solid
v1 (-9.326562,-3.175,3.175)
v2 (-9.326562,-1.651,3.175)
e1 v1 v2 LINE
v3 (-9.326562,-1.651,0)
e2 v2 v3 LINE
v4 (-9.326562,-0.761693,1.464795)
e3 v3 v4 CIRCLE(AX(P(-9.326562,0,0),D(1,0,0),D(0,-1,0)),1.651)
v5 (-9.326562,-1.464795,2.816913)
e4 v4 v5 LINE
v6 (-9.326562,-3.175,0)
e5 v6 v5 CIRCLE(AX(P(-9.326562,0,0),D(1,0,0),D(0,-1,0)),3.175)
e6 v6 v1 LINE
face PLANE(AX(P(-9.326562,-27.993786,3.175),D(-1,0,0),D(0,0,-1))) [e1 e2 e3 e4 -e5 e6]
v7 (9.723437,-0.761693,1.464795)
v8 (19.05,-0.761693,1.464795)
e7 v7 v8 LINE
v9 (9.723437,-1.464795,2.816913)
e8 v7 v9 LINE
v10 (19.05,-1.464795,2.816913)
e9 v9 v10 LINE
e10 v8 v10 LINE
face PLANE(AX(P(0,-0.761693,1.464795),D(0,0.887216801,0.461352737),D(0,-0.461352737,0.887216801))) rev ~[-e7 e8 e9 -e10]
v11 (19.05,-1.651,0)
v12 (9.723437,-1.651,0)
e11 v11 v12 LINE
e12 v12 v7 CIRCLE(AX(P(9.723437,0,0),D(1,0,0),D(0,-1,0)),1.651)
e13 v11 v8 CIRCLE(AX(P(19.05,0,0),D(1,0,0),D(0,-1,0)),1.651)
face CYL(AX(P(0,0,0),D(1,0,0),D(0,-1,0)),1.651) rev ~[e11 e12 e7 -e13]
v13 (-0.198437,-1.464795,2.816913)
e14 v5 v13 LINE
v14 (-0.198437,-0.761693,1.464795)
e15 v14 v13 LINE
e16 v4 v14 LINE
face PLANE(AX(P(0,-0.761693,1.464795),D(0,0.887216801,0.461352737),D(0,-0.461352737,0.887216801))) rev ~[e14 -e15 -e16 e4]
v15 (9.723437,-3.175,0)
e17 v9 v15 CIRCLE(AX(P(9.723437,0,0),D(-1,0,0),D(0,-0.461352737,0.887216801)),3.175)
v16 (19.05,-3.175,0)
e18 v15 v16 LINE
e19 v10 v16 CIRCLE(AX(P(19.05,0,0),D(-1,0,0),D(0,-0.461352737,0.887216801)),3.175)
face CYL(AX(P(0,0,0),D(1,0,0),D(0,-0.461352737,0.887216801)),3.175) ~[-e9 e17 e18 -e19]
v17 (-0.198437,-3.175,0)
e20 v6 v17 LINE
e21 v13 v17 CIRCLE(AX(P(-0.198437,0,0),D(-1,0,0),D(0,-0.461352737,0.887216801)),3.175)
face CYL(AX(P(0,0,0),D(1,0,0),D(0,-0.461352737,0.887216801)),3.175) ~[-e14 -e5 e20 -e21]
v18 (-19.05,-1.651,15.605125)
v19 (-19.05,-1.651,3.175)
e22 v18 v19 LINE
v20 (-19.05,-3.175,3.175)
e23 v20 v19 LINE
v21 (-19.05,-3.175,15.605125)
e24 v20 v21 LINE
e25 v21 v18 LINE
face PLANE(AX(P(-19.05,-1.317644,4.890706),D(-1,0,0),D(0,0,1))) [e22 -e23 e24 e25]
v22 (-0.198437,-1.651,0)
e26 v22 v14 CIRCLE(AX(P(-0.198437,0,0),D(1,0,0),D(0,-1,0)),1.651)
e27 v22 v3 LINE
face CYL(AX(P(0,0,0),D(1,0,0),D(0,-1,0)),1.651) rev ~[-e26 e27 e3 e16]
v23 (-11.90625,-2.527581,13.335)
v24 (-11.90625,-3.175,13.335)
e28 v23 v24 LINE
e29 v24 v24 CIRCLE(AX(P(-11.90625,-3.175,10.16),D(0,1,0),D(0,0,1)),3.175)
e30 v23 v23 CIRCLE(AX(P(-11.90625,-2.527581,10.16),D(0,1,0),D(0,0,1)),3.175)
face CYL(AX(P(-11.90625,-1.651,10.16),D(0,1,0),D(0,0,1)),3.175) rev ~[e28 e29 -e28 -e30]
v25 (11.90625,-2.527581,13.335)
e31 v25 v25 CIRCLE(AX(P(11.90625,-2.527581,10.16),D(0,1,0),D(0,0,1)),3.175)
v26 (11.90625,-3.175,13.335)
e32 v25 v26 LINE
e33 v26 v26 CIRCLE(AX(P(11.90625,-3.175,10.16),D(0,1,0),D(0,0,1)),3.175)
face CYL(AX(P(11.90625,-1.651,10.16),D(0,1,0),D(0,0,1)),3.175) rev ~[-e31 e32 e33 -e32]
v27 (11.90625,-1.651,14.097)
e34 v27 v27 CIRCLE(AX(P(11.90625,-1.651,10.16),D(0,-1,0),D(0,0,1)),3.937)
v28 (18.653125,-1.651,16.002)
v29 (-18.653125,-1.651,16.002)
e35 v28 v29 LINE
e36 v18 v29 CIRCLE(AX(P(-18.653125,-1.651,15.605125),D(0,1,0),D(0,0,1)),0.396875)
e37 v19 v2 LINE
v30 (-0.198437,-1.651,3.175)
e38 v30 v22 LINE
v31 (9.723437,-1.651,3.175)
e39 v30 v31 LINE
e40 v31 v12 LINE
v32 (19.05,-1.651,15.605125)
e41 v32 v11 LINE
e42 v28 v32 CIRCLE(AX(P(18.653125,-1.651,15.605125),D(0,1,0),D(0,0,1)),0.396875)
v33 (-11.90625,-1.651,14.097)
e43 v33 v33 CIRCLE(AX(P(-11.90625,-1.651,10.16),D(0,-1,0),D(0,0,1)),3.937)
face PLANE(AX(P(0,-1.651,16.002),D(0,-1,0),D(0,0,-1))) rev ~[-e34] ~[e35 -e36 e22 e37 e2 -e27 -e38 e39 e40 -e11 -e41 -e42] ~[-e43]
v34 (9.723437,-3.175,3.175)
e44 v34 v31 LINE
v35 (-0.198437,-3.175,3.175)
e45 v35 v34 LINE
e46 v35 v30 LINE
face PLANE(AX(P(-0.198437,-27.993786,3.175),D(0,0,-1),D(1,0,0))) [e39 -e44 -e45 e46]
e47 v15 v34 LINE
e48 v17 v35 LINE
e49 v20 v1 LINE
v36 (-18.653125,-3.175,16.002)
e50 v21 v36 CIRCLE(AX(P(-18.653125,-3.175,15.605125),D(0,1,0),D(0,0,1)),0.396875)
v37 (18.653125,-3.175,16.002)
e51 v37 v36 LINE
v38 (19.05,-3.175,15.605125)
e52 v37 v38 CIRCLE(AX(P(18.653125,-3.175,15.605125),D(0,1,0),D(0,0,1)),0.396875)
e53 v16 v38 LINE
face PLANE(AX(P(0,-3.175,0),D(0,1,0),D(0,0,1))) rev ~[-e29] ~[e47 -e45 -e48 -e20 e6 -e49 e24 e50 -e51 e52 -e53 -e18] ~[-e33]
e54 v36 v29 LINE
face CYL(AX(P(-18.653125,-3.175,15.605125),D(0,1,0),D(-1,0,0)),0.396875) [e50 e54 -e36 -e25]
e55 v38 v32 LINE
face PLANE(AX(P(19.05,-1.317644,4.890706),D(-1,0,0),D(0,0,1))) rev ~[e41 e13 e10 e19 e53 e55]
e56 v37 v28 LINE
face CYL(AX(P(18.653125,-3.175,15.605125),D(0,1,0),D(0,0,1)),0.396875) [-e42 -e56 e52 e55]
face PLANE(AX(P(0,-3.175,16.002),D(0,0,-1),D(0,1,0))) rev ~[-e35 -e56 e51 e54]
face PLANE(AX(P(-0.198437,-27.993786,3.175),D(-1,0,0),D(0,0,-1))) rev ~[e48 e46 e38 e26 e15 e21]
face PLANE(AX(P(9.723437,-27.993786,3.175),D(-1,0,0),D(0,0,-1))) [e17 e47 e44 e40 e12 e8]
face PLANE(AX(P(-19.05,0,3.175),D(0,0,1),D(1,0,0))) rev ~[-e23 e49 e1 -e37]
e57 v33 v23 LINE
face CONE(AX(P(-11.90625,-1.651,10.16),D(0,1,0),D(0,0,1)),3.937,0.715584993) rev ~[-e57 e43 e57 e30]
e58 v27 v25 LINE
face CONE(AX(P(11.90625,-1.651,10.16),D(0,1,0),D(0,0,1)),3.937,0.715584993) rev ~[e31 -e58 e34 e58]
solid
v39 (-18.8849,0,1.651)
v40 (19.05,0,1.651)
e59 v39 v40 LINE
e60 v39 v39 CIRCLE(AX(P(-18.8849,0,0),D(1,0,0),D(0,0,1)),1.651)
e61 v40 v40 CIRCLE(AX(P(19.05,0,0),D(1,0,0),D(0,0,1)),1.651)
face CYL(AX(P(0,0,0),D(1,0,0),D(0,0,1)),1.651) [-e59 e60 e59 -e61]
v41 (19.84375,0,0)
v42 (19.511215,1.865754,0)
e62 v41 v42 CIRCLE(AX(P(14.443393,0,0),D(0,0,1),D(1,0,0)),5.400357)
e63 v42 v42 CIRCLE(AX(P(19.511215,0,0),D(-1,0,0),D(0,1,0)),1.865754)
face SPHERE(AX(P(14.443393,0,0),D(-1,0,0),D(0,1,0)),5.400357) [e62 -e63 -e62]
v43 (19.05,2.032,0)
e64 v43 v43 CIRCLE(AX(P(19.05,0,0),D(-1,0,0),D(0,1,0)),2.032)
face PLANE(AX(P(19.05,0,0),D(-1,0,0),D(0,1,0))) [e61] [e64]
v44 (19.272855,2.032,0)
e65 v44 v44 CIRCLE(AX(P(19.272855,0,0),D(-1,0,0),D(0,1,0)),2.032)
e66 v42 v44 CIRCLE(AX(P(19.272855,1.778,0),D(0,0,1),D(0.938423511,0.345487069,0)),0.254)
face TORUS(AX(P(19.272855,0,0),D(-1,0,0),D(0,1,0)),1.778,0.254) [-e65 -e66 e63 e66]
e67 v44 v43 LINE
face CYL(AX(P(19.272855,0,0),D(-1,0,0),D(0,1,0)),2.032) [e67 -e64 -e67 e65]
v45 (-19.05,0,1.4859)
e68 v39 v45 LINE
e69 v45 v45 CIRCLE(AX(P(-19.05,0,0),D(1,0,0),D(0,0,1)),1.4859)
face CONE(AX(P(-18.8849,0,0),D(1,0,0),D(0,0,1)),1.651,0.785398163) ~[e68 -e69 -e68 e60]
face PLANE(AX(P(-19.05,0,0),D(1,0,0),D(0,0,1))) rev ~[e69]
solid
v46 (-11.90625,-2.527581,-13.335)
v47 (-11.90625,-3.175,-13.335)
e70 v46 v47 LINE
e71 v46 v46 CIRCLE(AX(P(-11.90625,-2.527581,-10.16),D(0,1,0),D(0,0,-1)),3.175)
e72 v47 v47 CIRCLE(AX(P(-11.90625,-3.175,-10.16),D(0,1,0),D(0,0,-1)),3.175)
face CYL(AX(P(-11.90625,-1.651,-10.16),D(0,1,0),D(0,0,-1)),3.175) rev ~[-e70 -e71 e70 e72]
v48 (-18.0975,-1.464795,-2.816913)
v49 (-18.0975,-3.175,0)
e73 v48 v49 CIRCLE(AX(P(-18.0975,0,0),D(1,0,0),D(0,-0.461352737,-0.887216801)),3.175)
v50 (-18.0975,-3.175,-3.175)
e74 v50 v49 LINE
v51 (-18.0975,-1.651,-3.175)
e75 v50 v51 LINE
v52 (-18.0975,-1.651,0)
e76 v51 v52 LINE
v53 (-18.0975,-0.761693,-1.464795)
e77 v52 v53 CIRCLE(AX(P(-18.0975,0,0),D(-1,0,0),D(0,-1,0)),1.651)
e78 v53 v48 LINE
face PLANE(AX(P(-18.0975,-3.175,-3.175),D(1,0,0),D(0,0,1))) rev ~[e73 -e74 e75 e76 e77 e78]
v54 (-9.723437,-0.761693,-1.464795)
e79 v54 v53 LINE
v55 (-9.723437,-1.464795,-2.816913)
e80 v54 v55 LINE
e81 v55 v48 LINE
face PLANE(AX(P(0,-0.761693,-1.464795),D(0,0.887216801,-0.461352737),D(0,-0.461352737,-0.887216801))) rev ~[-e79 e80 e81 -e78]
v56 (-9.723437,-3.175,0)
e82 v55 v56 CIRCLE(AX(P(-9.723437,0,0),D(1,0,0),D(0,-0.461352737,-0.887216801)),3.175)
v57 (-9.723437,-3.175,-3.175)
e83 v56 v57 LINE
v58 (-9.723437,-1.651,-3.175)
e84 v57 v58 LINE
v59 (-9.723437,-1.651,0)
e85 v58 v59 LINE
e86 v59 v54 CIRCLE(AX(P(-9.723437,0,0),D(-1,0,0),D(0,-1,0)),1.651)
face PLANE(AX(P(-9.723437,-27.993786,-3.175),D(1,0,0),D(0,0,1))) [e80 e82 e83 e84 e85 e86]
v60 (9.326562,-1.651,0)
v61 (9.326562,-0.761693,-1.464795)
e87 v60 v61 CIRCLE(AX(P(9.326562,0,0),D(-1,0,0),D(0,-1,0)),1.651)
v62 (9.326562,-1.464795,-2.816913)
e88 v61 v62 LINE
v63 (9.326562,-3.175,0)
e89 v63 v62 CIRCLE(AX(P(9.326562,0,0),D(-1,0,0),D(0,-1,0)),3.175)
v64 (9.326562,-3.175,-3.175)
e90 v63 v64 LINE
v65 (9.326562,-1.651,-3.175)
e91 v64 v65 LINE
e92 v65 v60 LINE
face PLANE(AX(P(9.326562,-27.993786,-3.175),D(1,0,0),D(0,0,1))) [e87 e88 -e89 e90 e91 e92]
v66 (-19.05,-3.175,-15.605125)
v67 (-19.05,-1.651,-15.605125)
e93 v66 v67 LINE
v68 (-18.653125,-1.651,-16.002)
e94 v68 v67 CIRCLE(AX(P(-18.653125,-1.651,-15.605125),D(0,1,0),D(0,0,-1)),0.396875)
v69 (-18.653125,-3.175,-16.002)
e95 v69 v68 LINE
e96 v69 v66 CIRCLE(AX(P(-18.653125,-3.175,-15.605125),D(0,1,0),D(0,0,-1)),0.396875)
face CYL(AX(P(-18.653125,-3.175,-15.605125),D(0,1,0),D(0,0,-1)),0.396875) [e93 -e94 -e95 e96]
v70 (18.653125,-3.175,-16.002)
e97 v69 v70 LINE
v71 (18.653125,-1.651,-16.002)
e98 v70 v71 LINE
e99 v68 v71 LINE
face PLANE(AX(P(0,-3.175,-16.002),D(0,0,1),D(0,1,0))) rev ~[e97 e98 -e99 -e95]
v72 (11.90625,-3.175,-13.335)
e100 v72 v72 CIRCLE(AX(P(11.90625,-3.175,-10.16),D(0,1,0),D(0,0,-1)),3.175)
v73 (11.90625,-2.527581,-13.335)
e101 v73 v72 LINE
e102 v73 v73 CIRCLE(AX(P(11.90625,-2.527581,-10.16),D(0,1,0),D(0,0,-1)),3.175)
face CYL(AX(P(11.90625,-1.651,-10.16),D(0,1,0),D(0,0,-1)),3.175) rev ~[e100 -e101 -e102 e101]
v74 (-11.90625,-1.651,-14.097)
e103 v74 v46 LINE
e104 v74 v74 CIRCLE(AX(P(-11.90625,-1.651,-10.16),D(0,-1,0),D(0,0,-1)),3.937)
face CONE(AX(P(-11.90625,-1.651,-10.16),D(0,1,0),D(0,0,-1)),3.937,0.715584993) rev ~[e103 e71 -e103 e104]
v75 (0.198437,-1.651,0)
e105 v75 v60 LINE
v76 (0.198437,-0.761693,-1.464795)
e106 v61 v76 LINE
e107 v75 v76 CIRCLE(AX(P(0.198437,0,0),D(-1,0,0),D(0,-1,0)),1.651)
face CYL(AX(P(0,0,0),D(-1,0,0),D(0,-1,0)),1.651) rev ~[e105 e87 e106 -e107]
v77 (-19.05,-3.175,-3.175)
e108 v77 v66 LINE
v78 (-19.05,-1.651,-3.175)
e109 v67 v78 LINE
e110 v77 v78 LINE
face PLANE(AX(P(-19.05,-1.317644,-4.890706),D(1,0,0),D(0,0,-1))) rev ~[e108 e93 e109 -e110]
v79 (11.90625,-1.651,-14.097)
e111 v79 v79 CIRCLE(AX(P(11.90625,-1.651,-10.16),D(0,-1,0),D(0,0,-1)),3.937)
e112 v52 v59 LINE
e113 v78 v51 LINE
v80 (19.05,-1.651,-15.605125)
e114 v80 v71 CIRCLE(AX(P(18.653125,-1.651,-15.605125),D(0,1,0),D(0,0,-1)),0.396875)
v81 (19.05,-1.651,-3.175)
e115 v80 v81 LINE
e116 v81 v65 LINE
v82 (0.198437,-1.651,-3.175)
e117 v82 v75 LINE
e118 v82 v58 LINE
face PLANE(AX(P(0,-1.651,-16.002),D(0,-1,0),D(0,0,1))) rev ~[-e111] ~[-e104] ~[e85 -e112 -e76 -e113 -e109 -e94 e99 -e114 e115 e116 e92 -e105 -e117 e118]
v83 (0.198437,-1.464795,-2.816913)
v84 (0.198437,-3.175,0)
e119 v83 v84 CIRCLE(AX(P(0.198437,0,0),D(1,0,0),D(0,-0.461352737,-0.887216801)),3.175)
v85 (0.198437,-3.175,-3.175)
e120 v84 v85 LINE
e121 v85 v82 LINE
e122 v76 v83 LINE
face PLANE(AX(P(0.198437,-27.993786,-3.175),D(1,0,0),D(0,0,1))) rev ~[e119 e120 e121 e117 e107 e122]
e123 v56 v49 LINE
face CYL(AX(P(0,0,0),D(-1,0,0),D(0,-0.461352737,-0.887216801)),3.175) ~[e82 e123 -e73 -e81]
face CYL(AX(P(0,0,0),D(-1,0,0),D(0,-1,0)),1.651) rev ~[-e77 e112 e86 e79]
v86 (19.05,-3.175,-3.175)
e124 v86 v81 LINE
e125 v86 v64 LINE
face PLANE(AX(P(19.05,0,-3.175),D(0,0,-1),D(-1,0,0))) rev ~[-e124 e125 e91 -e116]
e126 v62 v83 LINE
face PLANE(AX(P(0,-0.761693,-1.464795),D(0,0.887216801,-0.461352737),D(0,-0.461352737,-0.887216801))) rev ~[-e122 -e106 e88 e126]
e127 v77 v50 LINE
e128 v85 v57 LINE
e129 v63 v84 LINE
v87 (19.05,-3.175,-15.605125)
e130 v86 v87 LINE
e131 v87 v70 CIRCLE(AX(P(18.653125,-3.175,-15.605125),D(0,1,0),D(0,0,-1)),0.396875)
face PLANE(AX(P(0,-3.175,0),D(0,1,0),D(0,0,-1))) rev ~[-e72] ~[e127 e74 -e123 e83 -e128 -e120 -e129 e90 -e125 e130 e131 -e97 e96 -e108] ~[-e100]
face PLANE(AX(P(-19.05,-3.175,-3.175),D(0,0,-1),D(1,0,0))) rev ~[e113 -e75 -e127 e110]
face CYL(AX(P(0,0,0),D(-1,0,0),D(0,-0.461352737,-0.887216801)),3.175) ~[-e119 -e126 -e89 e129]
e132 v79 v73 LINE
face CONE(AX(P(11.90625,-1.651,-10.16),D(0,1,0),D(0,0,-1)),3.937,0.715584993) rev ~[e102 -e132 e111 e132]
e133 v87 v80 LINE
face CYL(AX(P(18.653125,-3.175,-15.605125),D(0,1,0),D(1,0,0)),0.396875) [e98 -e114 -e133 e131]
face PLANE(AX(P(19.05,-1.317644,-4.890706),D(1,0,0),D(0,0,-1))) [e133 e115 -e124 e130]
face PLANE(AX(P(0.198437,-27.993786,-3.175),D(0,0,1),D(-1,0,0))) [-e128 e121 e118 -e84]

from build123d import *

# Parameters (mm, degrees)
BOSS_EXTRUDE1_DEPTH     = 19.05
SKETCH4_W               = 9.525
SKETCH4_H               = 6.35
CUT_EXTRUDE1_DEPTH      = 26.080811969
LPATTERN1_COUNT         = 2
LPATTERN1_PITCH         = 19.05
CUT_EXTRUDE2_DEPTH      = 26.342785561
CUT_EXTRUDE2_DEPTH_BACK = 26.342785561
SKETCH5_W               = 0.1984375
SKETCH5_H               = 6.35
SKETCH6_R               = 3.175
CUT_EXTRUDE3_DEPTH      = 26.342785561
FILLET1_R               = 0.396875
CIRPATTERN1_COUNT       = 2
SKETCH8_R               = 1.651
BOSS_EXTRUDE2_DEPTH     = 19.05
SKETCH10_W              = 0.9525
SKETCH10_H              = 6.35
CUT_EXTRUDE5_DEPTH      = 27.270913918
CHAMFER1_SIZE           = 0.1651


with BuildPart() as part:
    # Sketch3 → Boss-Extrude1 (new, symmetric)
    with BuildSketch(Plane(origin=(0, 0, 0), x_dir=(0, 0, -1), z_dir=(1, 0, 0))):
        with BuildLine():
            Line((0, -3.175), (-16.002, -3.175))
            Line((-16.002, -3.175), (-16.002, -1.651))
            Line((-16.002, -1.651), (0, -1.651))
            ThreePointArc((0, -1.651), (0.856809561, 1.411268357), (-1.464794939, -0.761693368))
            Line((-1.464794939, -0.761693368), (-2.816913344, -1.464794939))
            ThreePointArc((-2.816913344, -1.464794939), (1.647710695, 2.71397761), (0, -3.175))
        make_face()
    extrude(amount=BOSS_EXTRUDE1_DEPTH, both=True)

    # Sketch4 → Cut-Extrude1 (cut, symmetric)
    with BuildSketch(Plane(origin=(0, 0, 0), x_dir=(1, 0, 0), z_dir=(0, 1, 0))):
        with Locations((4.7625, 0)):
            Rectangle(SKETCH4_W, SKETCH4_H)
    cut_extrude1 = extrude(amount=CUT_EXTRUDE1_DEPTH, both=True, mode=Mode.SUBTRACT)

    # LPattern1: Cut-Extrude1 ×2
    with Locations(*[(-i * LPATTERN1_PITCH, 0, 0) for i in range(1, LPATTERN1_COUNT)]):
        add(cut_extrude1, mode=Mode.SUBTRACT)

    # Sketch5 → Cut-Extrude2 (cut, two sides: drawn at the far end of the back side and taken through both)
    with BuildSketch(Plane(origin=(0, -1.651, 0), x_dir=(1, 0, 0), z_dir=(0, 1, 0)).offset(-CUT_EXTRUDE2_DEPTH_BACK)):
        with Locations((-9.42578125, 0)):
            Rectangle(SKETCH5_W, SKETCH5_H)
        with Locations((-0.09921875, 0)):
            Rectangle(SKETCH5_W, SKETCH5_H)
        with Locations((9.62421875, 0)):
            Rectangle(SKETCH5_W, SKETCH5_H)
    extrude(amount=CUT_EXTRUDE2_DEPTH + CUT_EXTRUDE2_DEPTH_BACK, mode=Mode.SUBTRACT)

    # Sketch6 → Cut-Extrude3 (cut, through all)
    with BuildSketch(Plane(origin=(0, -1.651, 0), x_dir=(1, 0, 0), z_dir=(0, 1, 0))):
        with Locations(Location((11.90625, -10.16, 0), (0, 0, 270))):
            Circle(SKETCH6_R)
        with Locations(Location((-11.90625, -10.16, 0), (0, 0, 270))):
            Circle(SKETCH6_R)
    extrude(amount=-CUT_EXTRUDE3_DEPTH, mode=Mode.SUBTRACT)

    # Cut-Extrude4 cone 1 section (through the dimple's axis) → Cut-Extrude4 (revolve, cut)
    with BuildSketch(Plane(origin=(-11.90625, -1.651, 10.16), x_dir=(0, 0, 1), z_dir=(1, 0, 0))):
        Polygon((0, 0), (3.937, 0), (0, 4.529000419), align=None)
    revolve(axis=Axis((-11.90625, -1.651, 10.16), (0, -1, 0)), mode=Mode.SUBTRACT)

    # Cut-Extrude4 cone 2 section (through the dimple's axis) → Cut-Extrude4 cone 2 (revolve, cut)
    with BuildSketch(Plane(origin=(11.90625, -1.651, 10.16), x_dir=(0, 0, 1), z_dir=(1, 0, 0))):
        Polygon((0, 0), (3.937, 0), (0, 4.529000419), align=None)
    revolve(axis=Axis((11.90625, -1.651, 10.16), (0, -1, 0)), mode=Mode.SUBTRACT)

    # Fillet1
    fillet1_edges = [part.edges().sort_by_distance(p)[0] for p in [
        (19.05, -2.413, 16.002),
        (-19.05, -2.413, 16.002),
    ]]
    fillet(fillet1_edges, radius=FILLET1_R)


with BuildPart() as cirpattern1_1:
    # CirPattern1: pattern copy
    add(part.part.rotate(Axis((0, 0, 0), (0, 1, 0)), 1 * 360 / CIRPATTERN1_COUNT))

    # Sketch10 → Cut-Extrude5 (cut, through all)
    with BuildSketch(Plane.XZ.offset(3.175)):
        with Locations((-18.57375, 0)):
            Rectangle(SKETCH10_W, SKETCH10_H)
    extrude(amount=-CUT_EXTRUDE5_DEPTH, mode=Mode.SUBTRACT)


with BuildPart() as body_3:
    # Sketch8 → Boss-Extrude2 (new, symmetric)
    with BuildSketch(Plane(origin=(0, 0, 0), x_dir=(0, 0, -1), z_dir=(1, 0, 0))):
        with Locations(Location((0, 0, 0), (0, 0, 180))):
            Circle(SKETCH8_R)
    extrude(amount=BOSS_EXTRUDE2_DEPTH, both=True)

    # Sketch9 → Revolve1 (revolve)
    with BuildSketch(Plane.XY):
        with BuildLine():
            Line((19.05, 2.032), (19.05, 0))
            Line((19.05, 0), (19.84375, 0))
            ThreePointArc((19.84375, 0), (19.759966303, 0.947578032), (19.511214931, 1.865753717))
            ThreePointArc((19.511214931, 1.865753717), (19.418159448, 1.9863332), (19.27285536, 2.032))
            Line((19.27285536, 2.032), (19.05, 2.032))
        make_face()
    revolve(axis=Axis((19.05, 0, 0), (-1, 0, 0)))

    # Chamfer1
    chamfer1_edges = [body_3.edges().sort_by_distance(p)[0] for p in [
        (-19.05, 0, -1.651),
    ]]
    chamfer(chamfer1_edges, length=CHAMFER1_SIZE)


solid = Compound([part.part, cirpattern1_1.part, body_3.part])
